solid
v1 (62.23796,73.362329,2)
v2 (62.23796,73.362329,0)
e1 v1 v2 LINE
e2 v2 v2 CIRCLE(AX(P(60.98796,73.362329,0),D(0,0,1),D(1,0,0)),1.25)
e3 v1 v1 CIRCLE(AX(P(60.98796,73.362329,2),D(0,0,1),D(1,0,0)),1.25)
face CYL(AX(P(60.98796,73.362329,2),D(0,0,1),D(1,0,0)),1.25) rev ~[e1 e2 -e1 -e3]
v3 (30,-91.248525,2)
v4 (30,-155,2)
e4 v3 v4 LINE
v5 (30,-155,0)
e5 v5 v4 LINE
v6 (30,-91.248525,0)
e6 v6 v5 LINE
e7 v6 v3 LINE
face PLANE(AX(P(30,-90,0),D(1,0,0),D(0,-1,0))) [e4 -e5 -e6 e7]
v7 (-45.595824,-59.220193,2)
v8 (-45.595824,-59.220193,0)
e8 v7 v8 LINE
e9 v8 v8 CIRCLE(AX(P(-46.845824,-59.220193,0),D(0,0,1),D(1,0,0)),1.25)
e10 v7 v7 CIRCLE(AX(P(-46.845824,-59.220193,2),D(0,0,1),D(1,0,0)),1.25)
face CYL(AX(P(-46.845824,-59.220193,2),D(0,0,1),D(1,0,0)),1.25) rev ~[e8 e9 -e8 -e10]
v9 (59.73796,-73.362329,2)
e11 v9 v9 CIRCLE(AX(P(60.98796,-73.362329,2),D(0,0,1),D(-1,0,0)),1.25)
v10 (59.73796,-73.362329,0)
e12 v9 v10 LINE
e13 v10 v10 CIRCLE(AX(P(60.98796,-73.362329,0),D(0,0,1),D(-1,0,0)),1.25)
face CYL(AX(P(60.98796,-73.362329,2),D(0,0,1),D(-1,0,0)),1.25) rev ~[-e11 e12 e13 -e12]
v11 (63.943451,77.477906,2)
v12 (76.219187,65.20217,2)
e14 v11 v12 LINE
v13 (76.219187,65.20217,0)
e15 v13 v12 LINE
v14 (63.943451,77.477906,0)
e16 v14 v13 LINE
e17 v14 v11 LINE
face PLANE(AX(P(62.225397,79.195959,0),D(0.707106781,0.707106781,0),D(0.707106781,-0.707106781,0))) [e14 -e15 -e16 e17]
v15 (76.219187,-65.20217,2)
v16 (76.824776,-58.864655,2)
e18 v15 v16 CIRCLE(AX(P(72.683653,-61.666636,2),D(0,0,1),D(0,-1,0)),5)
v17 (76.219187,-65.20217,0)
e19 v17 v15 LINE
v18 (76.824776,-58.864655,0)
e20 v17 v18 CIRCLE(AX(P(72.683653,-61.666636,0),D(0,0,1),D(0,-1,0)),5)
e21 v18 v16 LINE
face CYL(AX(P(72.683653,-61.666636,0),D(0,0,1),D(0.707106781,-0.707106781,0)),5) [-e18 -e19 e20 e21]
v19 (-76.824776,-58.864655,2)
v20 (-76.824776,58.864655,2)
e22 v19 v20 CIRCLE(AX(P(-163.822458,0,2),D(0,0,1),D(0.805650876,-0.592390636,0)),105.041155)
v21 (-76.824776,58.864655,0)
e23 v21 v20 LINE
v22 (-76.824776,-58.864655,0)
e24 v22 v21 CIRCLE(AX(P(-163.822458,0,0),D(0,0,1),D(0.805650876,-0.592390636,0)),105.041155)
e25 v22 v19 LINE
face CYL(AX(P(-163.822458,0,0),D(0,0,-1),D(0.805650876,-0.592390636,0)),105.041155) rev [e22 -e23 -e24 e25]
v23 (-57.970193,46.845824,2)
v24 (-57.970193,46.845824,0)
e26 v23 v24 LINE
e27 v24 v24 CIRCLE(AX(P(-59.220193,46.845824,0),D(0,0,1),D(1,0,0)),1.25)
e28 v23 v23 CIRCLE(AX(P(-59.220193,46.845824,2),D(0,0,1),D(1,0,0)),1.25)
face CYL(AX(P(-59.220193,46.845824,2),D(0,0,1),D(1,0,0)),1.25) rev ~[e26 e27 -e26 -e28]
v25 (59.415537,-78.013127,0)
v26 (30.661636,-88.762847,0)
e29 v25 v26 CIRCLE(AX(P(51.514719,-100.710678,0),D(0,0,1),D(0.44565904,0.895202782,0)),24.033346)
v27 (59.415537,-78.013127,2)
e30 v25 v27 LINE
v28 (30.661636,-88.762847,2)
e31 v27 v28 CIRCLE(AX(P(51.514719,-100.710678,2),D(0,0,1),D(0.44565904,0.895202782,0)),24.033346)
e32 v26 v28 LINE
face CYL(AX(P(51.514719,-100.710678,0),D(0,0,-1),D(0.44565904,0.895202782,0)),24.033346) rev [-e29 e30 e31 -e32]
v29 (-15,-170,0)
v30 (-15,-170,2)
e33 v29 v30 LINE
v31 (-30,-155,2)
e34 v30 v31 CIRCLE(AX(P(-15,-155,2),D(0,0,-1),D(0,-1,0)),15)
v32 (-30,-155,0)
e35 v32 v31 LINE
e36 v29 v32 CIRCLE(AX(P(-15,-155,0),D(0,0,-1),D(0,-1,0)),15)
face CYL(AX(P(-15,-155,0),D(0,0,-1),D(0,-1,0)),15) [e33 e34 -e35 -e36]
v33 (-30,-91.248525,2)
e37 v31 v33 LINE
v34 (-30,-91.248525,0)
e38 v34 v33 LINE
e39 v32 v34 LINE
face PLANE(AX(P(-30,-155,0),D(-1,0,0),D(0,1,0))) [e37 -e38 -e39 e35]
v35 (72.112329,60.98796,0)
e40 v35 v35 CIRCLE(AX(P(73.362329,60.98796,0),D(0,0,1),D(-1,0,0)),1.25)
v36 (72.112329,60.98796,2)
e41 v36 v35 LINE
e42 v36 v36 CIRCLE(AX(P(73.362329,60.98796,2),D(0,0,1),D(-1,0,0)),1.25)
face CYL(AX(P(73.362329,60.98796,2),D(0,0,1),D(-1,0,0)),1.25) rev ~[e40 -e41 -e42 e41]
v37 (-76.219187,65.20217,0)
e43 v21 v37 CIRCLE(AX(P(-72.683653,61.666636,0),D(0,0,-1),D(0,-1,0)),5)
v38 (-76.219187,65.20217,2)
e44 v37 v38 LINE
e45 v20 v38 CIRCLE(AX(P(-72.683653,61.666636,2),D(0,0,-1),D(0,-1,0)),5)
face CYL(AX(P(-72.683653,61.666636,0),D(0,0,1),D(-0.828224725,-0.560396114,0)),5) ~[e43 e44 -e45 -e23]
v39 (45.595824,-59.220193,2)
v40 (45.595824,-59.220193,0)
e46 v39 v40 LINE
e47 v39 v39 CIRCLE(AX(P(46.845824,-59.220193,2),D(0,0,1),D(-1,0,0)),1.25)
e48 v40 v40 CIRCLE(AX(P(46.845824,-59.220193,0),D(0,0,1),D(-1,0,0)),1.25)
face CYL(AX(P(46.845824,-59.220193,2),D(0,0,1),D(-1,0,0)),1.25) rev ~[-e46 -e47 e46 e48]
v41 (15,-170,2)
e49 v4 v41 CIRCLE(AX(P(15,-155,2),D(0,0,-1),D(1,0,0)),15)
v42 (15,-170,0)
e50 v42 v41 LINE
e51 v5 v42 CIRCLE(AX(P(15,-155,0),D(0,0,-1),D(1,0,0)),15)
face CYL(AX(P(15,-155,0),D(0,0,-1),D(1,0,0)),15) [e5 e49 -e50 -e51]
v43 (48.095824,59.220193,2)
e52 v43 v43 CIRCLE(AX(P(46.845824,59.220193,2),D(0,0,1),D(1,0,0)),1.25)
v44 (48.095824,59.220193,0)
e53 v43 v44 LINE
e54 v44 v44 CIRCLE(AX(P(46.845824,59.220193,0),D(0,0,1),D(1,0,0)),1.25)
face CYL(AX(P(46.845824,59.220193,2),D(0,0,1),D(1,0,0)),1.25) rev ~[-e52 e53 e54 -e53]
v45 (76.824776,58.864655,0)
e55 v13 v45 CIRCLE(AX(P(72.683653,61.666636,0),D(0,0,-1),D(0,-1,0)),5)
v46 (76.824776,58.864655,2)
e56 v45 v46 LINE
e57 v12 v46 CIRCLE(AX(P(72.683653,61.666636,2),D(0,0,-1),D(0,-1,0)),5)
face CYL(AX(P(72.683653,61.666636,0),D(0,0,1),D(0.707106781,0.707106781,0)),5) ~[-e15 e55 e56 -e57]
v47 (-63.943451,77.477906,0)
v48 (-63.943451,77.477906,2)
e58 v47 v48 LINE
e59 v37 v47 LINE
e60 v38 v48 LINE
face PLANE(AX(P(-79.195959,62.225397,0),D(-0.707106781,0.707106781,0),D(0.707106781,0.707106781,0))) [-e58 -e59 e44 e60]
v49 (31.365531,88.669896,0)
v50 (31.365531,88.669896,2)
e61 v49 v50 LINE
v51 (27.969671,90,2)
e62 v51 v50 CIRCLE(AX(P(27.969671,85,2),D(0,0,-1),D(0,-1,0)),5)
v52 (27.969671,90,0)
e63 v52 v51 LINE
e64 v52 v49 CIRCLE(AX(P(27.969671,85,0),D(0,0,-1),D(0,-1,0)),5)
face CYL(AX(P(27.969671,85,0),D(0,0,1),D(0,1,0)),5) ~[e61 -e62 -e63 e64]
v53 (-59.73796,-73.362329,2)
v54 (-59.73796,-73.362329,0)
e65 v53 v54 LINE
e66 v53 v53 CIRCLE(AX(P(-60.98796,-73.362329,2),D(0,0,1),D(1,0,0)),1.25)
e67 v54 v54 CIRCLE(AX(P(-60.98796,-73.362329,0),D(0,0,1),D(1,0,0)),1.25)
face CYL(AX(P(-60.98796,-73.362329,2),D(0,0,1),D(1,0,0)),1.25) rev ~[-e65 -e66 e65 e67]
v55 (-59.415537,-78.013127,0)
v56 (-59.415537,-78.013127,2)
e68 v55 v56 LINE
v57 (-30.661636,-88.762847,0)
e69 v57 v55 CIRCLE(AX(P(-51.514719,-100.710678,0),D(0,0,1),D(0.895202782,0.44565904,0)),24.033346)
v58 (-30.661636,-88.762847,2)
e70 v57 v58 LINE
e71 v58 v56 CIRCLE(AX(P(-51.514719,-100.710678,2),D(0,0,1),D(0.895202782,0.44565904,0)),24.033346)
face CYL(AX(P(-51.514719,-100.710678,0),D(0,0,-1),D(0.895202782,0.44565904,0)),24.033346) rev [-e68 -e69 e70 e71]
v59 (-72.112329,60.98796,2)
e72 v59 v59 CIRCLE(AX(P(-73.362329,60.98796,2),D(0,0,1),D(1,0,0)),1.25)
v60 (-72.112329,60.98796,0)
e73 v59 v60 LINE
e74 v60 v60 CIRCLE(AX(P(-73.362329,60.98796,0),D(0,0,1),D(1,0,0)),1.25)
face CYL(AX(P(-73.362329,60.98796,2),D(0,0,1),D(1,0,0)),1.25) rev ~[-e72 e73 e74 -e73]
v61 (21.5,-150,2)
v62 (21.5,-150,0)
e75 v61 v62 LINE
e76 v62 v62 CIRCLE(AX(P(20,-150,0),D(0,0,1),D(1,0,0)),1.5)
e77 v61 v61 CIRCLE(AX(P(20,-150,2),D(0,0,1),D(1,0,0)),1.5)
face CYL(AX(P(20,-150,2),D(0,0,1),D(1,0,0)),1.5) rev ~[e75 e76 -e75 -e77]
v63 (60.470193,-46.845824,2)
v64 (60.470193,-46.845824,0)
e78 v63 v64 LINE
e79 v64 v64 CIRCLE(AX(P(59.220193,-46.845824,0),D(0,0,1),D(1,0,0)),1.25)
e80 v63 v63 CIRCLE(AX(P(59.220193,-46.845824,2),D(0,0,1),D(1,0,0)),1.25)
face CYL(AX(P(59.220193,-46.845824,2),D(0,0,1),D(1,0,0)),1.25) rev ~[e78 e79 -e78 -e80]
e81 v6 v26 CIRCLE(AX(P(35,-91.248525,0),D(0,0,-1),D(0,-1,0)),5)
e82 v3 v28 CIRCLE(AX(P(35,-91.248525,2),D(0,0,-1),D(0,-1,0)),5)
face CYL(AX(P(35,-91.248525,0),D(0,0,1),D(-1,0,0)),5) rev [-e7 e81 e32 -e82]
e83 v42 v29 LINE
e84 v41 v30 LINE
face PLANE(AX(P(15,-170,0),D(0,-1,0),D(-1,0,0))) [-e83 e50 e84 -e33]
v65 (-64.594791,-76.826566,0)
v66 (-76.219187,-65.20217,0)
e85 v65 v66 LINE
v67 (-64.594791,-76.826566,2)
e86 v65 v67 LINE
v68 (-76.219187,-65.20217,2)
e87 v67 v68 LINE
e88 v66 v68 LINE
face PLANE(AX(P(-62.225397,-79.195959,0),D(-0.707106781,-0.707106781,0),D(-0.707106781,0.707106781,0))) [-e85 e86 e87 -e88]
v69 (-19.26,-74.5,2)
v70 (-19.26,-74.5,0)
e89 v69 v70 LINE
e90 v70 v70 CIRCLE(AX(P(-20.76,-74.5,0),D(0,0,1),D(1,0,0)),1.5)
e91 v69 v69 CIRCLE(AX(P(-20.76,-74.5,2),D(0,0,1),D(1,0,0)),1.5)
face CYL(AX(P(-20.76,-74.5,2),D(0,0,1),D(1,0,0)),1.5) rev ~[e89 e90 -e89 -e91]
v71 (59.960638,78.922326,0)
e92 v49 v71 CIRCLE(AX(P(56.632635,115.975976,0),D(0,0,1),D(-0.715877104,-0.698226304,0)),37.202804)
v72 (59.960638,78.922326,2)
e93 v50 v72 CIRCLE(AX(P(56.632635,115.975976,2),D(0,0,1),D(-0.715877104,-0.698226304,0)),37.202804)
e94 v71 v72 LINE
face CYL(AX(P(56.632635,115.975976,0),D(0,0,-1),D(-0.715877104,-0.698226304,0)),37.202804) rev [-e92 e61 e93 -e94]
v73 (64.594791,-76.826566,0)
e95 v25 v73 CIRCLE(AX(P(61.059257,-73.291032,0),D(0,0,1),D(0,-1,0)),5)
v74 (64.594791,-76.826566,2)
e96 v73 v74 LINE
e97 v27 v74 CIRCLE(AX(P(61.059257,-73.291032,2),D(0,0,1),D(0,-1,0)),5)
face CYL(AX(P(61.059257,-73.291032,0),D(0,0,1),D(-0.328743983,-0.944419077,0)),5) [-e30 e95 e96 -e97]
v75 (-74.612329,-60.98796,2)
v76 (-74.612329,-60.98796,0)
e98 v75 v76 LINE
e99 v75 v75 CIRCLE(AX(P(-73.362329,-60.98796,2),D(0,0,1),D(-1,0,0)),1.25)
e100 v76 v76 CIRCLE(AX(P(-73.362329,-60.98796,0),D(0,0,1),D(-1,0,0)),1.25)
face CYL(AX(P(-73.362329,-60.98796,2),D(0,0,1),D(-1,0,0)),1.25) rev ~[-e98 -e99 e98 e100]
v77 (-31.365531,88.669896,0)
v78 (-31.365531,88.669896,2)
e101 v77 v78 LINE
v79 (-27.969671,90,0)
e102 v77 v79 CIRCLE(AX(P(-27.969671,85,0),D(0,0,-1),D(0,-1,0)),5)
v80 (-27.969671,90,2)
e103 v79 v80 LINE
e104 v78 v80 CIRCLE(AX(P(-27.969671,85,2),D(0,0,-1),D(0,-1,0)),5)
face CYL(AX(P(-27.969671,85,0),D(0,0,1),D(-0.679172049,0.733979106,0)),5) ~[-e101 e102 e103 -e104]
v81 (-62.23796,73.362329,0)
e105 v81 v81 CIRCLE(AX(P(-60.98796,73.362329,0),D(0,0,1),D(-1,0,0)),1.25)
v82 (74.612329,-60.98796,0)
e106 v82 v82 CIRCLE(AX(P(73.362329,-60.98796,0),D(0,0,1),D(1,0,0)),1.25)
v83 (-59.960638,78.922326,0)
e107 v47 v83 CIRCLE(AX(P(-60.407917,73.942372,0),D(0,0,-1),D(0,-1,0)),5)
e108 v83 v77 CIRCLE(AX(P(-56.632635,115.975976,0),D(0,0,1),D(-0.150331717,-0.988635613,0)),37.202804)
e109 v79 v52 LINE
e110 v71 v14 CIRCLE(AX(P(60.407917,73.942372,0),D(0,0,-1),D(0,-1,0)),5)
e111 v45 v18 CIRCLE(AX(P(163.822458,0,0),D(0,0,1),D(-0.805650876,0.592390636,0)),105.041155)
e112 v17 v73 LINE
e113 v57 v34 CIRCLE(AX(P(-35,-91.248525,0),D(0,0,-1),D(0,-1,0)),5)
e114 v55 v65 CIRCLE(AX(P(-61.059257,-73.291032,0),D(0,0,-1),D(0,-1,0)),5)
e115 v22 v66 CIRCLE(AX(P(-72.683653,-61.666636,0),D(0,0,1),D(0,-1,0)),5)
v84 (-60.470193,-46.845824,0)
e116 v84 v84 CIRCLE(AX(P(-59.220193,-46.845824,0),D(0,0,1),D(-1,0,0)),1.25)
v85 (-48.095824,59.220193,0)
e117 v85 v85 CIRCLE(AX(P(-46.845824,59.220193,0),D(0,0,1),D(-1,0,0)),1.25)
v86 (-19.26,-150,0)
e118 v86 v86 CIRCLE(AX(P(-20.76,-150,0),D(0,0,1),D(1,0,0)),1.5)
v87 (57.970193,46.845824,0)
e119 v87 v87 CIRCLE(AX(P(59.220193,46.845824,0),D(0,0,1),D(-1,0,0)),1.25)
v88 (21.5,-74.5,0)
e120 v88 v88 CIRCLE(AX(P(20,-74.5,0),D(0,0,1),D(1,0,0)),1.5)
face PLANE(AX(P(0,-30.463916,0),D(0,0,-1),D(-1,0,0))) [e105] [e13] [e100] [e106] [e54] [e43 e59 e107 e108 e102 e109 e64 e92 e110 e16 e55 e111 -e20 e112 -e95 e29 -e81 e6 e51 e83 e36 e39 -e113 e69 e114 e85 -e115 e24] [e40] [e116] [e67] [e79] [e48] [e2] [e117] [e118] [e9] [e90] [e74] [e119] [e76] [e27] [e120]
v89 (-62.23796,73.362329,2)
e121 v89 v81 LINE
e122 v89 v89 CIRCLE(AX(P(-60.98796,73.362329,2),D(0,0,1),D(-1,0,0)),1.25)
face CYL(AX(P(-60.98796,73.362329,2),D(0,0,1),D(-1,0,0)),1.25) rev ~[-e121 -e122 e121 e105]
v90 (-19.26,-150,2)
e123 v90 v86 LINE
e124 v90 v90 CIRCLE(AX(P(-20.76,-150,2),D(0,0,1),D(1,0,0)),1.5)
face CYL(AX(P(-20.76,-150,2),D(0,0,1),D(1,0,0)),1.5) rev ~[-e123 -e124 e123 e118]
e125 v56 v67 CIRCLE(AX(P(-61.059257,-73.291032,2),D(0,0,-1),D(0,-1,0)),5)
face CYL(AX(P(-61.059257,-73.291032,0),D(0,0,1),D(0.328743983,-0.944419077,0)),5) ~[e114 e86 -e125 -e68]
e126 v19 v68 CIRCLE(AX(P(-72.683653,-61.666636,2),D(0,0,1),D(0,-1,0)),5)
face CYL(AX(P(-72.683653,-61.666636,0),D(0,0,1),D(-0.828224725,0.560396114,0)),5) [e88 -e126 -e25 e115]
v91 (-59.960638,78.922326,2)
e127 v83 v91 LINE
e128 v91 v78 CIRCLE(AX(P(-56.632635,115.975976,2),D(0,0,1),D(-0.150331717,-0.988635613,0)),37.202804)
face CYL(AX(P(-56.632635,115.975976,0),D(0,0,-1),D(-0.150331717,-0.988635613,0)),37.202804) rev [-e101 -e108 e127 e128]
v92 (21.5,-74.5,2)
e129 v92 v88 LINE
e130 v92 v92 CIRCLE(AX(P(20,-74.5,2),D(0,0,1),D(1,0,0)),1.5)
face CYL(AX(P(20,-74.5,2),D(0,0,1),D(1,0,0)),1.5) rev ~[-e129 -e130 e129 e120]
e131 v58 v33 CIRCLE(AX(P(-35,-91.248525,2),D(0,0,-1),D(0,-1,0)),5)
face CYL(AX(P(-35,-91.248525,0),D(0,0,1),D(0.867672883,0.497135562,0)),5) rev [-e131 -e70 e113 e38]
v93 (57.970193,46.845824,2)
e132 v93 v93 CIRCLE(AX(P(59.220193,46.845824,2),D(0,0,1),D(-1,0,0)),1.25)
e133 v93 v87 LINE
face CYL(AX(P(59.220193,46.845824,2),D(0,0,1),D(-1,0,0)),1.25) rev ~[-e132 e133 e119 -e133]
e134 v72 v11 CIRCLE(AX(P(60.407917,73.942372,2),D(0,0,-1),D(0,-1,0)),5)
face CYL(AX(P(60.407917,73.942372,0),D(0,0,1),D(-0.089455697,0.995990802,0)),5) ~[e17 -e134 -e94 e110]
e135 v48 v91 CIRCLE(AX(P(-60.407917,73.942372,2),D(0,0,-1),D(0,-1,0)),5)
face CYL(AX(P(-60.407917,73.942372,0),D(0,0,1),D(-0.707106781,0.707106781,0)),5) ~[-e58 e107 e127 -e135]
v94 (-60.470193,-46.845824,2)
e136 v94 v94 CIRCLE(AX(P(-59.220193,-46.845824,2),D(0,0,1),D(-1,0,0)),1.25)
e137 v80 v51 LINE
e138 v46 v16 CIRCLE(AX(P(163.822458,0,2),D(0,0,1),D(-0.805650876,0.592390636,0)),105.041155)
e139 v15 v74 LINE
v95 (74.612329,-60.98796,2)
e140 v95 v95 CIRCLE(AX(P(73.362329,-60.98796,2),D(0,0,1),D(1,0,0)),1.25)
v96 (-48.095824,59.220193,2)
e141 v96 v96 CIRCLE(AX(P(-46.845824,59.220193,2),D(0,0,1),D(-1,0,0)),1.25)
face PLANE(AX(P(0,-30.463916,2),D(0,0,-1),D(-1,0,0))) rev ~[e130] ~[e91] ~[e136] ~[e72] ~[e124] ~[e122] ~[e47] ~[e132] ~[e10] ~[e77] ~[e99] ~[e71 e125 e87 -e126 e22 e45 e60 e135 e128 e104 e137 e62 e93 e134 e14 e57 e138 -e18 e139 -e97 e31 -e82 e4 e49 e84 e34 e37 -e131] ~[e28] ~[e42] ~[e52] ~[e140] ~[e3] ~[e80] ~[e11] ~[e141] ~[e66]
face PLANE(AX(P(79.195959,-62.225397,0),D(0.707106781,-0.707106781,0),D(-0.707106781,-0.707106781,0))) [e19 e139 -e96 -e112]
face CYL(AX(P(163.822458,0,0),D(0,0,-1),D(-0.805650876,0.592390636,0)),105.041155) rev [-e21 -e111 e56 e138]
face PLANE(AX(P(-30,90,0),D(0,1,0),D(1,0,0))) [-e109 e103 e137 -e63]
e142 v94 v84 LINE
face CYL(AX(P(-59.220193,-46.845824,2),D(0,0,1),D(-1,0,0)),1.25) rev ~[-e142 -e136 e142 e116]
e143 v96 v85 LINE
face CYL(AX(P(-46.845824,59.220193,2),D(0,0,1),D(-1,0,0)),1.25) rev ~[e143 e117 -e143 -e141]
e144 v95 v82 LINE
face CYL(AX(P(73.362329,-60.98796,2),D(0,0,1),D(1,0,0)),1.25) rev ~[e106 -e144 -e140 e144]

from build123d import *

# Parameters (mm, degrees)
BOSS_EXTRUDE1_DEPTH = 2
SKETCH3_R           = 1.25
F_45_DEGREES_DEPTH  = 188.552659272
SKETCH4_R           = 1.5
CUT_EXTRUDE2_DEPTH  = 188.552659272
FILLET1_R           = 5
FILLET2_R           = 5
FILLET3_R           = 5
FILLET4_R           = 5
FILLET5_R           = 5
FILLET6_R           = 5
FILLET7_R           = 5
FILLET8_R           = 5
FILLET9_R           = 5
FILLET10_R          = 5
FILLET11_R          = 5
FILLET12_R          = 5


with BuildPart() as part:
    # Sketch2 → Boss-Extrude1 (new body)
    with BuildSketch(Plane.XY):
        with BuildLine():
            Line((-79.195959493, 62.225396744), (-62.225396744, 79.195959493))
            ThreePointArc((-62.225396744, 79.195959493), (-44.806778225, 80.702789346), (-30, 90))
            Line((-30, 90), (30, 90))
            ThreePointArc((30, 90), (44.806778225, 80.702789346), (62.225396744, 79.195959493))
            Line((62.225396744, 79.195959493), (79.195959493, 62.225396744))
            ThreePointArc((79.195959493, 62.225396744), (58.781303002, 0), (79.195959493, -62.225396744))
            Line((79.195959493, -62.225396744), (62.225396744, -79.195959493))
            ThreePointArc((62.225396744, -79.195959493), (43.875108319, -77.923881554), (30, -90))
            Line((30, -90), (30, -155))
            ThreePointArc((30, -155), (25.606601718, -165.606601718), (15, -170))
            Line((15, -170), (-15, -170))
            ThreePointArc((-15, -170), (-25.606601718, -165.606601718), (-30, -155))
            Line((-30, -155), (-30, -90))
            ThreePointArc((-30, -90), (-43.875108319, -77.923881554), (-62.225396744, -79.195959493))
            Line((-62.225396744, -79.195959493), (-79.195959493, -62.225396744))
            ThreePointArc((-79.195959493, -62.225396744), (-58.781303002, 0), (-79.195959493, 62.225396744))
        make_face()
    extrude(amount=BOSS_EXTRUDE1_DEPTH)

    # Sketch3 → 45 Degrees (cut, through all)
    with BuildSketch(Plane.XY.offset(2)):
        with Locations((-73.362328548, 60.987959877)):
            Circle(SKETCH3_R)
        with Locations((-59.220192924, 46.845824254)):
            Circle(SKETCH3_R)
        with Locations(Location((-60.987959877, 73.362328548, 0), (0, 0, 180))):
            Circle(SKETCH3_R)
        with Locations(Location((-46.845824254, 59.220192924, 0), (0, 0, 180))):
            Circle(SKETCH3_R)
        with Locations(Location((59.220192924, 46.845824254, 0), (0, 0, 180))):
            Circle(SKETCH3_R)
        with Locations(Location((73.362328548, 60.987959877, 0), (0, 0, 180))):
            Circle(SKETCH3_R)
        with Locations((60.987959877, 73.362328548)):
            Circle(SKETCH3_R)
        with Locations((46.845824254, 59.220192924)):
            Circle(SKETCH3_R)
        with Locations(Location((-59.220192924, -46.845824254, 0), (0, 0, 180))):
            Circle(SKETCH3_R)
        with Locations((-46.845824254, -59.220192924)):
            Circle(SKETCH3_R)
        with Locations((-60.987959877, -73.362328548)):
            Circle(SKETCH3_R)
        with Locations(Location((-73.362328548, -60.987959877, 0), (0, 0, 180))):
            Circle(SKETCH3_R)
        with Locations((59.220192924, -46.845824254)):
            Circle(SKETCH3_R)
        with Locations((73.362328548, -60.987959877)):
            Circle(SKETCH3_R)
        with Locations(Location((60.987959877, -73.362328548, 0), (0, 0, 180))):
            Circle(SKETCH3_R)
        with Locations(Location((46.845824254, -59.220192924, 0), (0, 0, 180))):
            Circle(SKETCH3_R)
    extrude(amount=-F_45_DEGREES_DEPTH, mode=Mode.SUBTRACT)

    # Sketch4 → Cut-Extrude2 (cut, through all)
    with BuildSketch(Plane.XY.offset(2)):
        with Locations((-20.76, -150)):
            Circle(SKETCH4_R)
        with Locations((20, -150)):
            Circle(SKETCH4_R)
        with Locations((-20.76, -74.5)):
            Circle(SKETCH4_R)
        with Locations((20, -74.5)):
            Circle(SKETCH4_R)
    extrude(amount=-CUT_EXTRUDE2_DEPTH, mode=Mode.SUBTRACT)

    # Fillet1
    fillet1_edges = [part.edges().sort_by_distance(p)[0] for p in [
        (-30, -90, 1),
    ]]
    fillet(fillet1_edges, radius=FILLET1_R)

    # Fillet2
    fillet2_edges = [part.edges().sort_by_distance(p)[0] for p in [
        (-62.225396744, -79.195959493, 1),
    ]]
    fillet(fillet2_edges, radius=FILLET2_R)

    # Fillet3
    fillet3_edges = [part.edges().sort_by_distance(p)[0] for p in [
        (30, -90, 1),
    ]]
    fillet(fillet3_edges, radius=FILLET3_R)

    # Fillet4
    fillet4_edges = [part.edges().sort_by_distance(p)[0] for p in [
        (62.225396744, -79.195959493, 1),
    ]]
    fillet(fillet4_edges, radius=FILLET4_R)

    # Fillet5
    fillet5_edges = [part.edges().sort_by_distance(p)[0] for p in [
        (79.195959493, -62.225396744, 1),
    ]]
    fillet(fillet5_edges, radius=FILLET5_R)

    # Fillet6
    fillet6_edges = [part.edges().sort_by_distance(p)[0] for p in [
        (-79.195959493, -62.225396744, 1),
    ]]
    fillet(fillet6_edges, radius=FILLET6_R)

    # Fillet7
    fillet7_edges = [part.edges().sort_by_distance(p)[0] for p in [
        (-79.195959493, 62.225396744, 1),
    ]]
    fillet(fillet7_edges, radius=FILLET7_R)

    # Fillet8
    fillet8_edges = [part.edges().sort_by_distance(p)[0] for p in [
        (-62.225396744, 79.195959493, 1),
    ]]
    fillet(fillet8_edges, radius=FILLET8_R)

    # Fillet9
    fillet9_edges = [part.edges().sort_by_distance(p)[0] for p in [
        (-30, 90, 1),
    ]]
    fillet(fillet9_edges, radius=FILLET9_R)

    # Fillet10
    fillet10_edges = [part.edges().sort_by_distance(p)[0] for p in [
        (30, 90, 1),
    ]]
    fillet(fillet10_edges, radius=FILLET10_R)

    # Fillet11
    fillet11_edges = [part.edges().sort_by_distance(p)[0] for p in [
        (62.225396744, 79.195959493, 1),
    ]]
    fillet(fillet11_edges, radius=FILLET11_R)

    # Fillet12
    fillet12_edges = [part.edges().sort_by_distance(p)[0] for p in [
        (79.195959493, 62.225396744, 1),
    ]]
    fillet(fillet12_edges, radius=FILLET12_R)


solid = part.part
